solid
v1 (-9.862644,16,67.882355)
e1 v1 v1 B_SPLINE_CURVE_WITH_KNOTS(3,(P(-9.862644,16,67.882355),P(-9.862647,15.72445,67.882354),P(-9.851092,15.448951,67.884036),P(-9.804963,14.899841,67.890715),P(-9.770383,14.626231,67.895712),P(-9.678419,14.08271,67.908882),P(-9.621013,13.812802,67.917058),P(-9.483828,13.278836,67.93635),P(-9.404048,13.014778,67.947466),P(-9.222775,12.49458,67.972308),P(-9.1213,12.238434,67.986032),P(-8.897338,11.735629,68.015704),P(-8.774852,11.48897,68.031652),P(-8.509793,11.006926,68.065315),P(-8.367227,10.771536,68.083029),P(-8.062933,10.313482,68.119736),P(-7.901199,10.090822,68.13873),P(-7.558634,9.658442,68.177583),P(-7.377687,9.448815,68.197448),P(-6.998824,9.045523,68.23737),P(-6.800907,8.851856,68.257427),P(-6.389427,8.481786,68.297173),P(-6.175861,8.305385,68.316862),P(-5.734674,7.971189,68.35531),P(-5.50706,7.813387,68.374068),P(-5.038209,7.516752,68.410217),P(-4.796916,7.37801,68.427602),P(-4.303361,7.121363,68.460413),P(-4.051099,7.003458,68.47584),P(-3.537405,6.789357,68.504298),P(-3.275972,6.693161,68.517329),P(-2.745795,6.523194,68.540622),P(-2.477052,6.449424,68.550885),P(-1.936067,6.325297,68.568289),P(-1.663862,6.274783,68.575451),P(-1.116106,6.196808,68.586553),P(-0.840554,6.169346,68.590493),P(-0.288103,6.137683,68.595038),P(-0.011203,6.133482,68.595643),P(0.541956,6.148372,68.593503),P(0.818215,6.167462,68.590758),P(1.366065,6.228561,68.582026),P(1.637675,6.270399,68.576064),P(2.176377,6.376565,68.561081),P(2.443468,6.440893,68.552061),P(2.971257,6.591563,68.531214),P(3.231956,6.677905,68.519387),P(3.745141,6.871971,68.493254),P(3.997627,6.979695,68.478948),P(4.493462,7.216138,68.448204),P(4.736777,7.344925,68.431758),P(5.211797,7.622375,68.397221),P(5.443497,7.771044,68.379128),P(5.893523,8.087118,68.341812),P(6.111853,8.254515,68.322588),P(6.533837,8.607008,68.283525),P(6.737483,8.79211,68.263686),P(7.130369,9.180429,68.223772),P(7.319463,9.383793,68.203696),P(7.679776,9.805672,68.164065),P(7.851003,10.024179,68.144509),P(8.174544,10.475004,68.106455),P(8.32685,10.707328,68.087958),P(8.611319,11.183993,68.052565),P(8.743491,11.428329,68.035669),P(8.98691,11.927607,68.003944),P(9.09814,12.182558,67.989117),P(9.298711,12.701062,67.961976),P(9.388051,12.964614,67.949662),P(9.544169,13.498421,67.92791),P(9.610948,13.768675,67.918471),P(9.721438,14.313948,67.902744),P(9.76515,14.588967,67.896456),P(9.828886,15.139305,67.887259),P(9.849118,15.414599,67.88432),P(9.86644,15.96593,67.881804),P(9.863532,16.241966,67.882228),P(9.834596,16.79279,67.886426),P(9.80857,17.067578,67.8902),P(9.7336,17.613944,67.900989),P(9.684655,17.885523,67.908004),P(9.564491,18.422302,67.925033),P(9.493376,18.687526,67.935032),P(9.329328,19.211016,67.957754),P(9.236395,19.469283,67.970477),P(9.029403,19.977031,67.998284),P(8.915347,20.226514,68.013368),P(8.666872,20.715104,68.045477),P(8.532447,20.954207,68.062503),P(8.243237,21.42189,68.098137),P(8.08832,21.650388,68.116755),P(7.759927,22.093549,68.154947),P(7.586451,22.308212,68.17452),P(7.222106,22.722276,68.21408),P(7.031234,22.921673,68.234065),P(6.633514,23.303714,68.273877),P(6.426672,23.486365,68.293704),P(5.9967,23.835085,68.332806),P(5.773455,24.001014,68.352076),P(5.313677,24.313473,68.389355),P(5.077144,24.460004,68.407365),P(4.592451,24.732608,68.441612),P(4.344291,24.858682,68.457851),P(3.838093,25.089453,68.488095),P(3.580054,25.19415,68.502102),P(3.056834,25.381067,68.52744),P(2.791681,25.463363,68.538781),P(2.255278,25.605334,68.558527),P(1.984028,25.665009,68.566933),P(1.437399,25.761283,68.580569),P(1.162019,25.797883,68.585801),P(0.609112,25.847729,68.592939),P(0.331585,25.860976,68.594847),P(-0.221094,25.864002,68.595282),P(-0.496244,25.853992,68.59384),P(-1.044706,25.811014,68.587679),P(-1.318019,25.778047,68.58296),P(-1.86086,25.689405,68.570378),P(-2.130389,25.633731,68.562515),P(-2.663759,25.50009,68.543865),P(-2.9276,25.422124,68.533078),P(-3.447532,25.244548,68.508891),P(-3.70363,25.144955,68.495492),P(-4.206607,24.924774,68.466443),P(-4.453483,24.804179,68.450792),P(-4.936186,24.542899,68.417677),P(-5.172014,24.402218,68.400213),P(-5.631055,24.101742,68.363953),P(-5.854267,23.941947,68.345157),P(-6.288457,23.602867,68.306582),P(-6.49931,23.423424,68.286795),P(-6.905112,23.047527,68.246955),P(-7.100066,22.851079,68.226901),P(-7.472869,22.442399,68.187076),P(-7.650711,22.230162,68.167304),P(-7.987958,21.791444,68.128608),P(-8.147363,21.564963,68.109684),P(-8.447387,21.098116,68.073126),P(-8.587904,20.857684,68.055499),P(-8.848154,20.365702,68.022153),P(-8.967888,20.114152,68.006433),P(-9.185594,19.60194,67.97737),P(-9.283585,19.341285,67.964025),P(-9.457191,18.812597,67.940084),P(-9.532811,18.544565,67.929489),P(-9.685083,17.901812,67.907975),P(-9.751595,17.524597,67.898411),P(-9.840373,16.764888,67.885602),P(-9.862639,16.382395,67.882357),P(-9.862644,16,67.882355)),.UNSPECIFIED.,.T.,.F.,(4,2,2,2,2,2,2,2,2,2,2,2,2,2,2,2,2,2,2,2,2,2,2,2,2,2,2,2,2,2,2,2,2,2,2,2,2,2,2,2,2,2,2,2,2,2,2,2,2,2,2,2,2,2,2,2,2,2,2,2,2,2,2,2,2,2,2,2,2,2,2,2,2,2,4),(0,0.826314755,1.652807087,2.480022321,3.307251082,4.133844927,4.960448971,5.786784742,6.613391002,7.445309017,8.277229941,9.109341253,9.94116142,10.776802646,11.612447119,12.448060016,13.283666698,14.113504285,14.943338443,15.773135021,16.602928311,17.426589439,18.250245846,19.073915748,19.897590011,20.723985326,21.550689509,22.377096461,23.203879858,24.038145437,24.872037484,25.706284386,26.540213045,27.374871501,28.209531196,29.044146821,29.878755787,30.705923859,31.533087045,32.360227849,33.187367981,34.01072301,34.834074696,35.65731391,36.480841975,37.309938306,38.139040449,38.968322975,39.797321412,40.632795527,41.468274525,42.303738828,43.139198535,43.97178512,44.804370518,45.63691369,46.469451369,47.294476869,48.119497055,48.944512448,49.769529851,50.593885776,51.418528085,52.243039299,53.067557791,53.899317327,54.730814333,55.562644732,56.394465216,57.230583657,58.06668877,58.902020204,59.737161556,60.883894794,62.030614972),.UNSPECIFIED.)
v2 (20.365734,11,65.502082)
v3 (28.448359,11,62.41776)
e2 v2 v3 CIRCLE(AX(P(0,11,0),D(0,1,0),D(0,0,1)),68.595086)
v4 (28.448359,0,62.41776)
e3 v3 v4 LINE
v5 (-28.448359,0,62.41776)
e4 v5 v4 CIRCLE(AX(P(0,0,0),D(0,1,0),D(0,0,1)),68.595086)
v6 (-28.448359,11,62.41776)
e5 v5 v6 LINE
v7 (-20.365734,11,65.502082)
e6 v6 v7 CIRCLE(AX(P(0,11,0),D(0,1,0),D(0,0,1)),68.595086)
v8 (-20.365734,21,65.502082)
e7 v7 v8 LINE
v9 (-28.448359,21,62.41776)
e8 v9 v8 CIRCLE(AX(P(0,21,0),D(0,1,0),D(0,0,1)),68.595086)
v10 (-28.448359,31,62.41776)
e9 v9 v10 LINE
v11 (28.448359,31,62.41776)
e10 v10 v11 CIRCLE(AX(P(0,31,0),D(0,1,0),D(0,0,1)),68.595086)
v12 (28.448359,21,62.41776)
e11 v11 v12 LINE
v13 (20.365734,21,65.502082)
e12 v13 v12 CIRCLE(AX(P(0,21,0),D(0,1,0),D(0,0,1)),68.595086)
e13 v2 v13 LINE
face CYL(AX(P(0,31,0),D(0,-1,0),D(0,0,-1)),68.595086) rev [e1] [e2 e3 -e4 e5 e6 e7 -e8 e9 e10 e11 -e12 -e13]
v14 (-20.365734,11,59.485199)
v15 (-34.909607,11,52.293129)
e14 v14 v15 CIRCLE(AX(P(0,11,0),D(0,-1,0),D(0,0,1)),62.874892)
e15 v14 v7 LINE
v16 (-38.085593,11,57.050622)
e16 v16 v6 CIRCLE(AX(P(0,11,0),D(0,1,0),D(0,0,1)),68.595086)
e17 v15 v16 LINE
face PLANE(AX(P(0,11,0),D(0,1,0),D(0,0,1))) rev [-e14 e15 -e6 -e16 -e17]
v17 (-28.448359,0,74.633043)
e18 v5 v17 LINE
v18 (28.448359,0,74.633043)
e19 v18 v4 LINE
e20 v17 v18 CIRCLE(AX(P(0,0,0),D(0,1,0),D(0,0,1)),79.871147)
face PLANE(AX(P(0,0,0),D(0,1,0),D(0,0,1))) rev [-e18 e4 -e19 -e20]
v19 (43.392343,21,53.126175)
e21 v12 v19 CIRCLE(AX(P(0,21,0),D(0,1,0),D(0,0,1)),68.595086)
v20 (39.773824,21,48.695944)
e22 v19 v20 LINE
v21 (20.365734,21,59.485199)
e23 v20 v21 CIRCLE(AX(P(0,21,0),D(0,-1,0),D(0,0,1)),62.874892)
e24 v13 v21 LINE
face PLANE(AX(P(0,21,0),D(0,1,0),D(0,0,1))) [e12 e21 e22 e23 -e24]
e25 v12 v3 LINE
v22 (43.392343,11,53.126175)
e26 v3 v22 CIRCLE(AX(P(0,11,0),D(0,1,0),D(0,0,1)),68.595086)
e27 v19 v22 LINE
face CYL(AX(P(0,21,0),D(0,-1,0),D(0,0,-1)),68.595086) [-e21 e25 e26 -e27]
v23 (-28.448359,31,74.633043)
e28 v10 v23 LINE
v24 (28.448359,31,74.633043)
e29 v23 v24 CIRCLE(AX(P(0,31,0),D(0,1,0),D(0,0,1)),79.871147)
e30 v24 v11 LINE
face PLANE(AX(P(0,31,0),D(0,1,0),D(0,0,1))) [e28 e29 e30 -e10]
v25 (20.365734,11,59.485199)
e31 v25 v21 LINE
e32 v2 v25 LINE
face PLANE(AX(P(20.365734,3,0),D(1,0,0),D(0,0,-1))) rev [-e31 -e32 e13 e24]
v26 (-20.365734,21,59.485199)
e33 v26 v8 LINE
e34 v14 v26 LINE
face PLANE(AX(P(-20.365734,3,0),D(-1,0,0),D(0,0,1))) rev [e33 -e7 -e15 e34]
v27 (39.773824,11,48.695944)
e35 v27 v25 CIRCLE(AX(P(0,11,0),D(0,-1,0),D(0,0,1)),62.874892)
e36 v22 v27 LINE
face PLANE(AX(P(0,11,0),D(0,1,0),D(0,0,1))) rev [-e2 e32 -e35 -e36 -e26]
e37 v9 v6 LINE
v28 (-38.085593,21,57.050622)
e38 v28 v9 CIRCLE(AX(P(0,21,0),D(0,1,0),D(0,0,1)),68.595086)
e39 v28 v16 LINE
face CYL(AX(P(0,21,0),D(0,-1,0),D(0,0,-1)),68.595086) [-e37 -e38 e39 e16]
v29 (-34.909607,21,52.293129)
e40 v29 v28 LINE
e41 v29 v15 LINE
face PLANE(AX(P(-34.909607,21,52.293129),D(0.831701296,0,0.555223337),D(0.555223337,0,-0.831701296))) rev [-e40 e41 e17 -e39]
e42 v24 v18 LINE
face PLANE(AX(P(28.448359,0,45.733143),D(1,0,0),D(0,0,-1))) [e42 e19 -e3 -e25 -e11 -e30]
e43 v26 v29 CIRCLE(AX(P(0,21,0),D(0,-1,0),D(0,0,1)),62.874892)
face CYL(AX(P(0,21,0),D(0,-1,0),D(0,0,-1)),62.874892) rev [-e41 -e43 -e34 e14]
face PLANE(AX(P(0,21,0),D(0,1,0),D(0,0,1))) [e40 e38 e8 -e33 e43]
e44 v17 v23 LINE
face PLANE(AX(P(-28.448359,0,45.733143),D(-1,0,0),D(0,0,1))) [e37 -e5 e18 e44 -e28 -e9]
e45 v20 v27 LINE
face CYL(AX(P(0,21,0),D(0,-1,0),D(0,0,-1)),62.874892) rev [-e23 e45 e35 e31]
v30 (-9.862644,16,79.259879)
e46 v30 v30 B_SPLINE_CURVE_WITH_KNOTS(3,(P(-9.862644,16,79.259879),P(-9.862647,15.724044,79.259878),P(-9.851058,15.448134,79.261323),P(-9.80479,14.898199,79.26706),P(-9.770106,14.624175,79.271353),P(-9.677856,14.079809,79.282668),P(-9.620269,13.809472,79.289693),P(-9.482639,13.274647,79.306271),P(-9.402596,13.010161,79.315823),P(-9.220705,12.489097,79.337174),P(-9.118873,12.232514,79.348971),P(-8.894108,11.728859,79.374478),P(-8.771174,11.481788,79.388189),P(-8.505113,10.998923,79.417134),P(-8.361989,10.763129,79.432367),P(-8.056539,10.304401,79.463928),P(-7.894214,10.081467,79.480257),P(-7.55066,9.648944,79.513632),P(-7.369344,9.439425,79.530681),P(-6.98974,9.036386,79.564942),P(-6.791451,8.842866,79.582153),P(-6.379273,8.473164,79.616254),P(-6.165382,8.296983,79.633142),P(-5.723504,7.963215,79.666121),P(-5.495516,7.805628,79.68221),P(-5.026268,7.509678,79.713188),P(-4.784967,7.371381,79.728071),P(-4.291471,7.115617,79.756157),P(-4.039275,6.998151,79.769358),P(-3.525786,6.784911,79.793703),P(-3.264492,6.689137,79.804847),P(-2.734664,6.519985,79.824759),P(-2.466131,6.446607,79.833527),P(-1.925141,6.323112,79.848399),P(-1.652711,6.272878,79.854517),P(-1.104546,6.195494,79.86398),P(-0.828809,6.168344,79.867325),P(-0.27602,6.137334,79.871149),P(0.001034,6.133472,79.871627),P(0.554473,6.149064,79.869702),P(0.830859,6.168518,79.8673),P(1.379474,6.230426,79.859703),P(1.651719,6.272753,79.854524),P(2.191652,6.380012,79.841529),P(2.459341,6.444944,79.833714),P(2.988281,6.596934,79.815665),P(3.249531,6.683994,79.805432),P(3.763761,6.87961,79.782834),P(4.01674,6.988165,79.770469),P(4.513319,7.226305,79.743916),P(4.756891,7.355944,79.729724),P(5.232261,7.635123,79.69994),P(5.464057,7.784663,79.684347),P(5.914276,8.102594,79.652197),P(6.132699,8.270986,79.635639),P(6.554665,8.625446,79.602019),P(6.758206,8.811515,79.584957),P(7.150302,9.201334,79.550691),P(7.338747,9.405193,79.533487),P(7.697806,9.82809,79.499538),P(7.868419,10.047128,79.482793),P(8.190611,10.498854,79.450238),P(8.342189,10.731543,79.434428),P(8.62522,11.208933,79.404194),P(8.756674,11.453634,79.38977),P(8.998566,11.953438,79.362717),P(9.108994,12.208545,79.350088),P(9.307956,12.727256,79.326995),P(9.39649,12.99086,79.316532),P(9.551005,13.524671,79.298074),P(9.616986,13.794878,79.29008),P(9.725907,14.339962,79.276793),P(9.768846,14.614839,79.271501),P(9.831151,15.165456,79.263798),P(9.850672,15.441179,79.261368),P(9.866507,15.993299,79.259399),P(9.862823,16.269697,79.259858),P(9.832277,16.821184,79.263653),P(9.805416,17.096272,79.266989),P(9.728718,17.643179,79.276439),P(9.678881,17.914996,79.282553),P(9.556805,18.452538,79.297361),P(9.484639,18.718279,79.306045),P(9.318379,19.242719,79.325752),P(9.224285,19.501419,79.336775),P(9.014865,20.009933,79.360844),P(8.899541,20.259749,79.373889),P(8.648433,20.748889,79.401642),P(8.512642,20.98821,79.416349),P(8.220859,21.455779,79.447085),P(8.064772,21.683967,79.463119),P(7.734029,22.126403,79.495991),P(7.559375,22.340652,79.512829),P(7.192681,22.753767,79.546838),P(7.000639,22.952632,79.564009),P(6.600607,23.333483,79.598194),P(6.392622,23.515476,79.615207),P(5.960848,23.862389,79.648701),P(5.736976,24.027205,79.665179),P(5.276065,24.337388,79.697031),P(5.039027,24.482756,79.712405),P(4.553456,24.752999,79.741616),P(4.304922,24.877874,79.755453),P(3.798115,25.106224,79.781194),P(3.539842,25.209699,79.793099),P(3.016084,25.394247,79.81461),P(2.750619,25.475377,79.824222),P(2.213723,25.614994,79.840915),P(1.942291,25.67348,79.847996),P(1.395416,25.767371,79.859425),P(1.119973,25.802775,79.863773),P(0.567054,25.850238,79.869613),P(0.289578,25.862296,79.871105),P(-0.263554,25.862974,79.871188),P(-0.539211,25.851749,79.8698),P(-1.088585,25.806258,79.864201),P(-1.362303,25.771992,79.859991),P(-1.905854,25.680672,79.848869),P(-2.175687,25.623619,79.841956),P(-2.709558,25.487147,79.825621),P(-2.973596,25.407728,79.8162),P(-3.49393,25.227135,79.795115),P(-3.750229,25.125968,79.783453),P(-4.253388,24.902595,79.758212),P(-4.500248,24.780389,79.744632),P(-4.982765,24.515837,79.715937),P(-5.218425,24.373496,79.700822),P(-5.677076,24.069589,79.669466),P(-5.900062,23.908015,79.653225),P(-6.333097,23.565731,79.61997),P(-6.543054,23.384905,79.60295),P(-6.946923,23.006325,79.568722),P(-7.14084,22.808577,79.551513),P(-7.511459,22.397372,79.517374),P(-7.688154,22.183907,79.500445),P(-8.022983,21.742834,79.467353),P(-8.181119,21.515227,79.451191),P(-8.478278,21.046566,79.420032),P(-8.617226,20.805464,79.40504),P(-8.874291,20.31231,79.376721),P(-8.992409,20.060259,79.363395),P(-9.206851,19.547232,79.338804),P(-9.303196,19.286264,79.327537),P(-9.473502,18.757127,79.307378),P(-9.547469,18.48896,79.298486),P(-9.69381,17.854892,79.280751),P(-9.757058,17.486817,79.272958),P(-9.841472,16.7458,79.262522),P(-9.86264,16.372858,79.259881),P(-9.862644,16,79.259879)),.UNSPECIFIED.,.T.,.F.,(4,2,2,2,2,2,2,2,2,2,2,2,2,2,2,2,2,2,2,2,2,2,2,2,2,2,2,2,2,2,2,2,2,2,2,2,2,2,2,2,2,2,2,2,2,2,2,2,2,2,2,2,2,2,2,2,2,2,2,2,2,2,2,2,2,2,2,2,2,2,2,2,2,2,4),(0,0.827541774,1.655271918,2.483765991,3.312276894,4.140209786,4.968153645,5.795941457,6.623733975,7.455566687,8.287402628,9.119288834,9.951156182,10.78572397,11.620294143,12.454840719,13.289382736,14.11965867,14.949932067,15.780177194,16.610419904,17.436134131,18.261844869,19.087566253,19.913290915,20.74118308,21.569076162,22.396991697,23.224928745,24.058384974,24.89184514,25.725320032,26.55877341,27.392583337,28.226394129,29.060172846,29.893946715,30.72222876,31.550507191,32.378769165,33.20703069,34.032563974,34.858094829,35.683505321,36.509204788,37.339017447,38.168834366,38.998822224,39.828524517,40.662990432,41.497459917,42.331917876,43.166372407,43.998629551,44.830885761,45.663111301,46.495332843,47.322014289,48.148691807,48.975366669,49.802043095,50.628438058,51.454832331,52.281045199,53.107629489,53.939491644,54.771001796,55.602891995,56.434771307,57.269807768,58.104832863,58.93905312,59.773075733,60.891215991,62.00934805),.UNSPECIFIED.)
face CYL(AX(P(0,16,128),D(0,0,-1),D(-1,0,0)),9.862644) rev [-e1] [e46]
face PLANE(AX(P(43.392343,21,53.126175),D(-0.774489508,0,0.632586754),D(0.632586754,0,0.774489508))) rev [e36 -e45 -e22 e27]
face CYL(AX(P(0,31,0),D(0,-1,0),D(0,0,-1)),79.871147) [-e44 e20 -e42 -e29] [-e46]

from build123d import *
from build123d.topology import SkipClean

# Parameters (mm, degrees)
SKETCH1_R           = 79.871147442
SKETCH1_R_2         = 68.595086453
BOSS_EXTRUDE1_DEPTH = 31
SKETCH2_W           = 233.196890583
SKETCH2_H           = 222.59703192
SKETCH2_W_2         = 56.896718534
SKETCH2_H_2         = 45.723887068
CUT_EXTRUDE1_DEPTH  = 31
BOSS_EXTRUDE2_DEPTH = 5
CUT_EXTRUDE3_DEPTH  = 18
SKETCH6_R           = 9.86264383
CUT_EXTRUDE4_DEPTH  = 128


with BuildPart() as part:
    # Sketch1 → Boss-Extrude1 (new body)
    with BuildSketch(Plane(origin=(0, 0, 0), x_dir=(1, 0, 0), z_dir=(0, 1, 0))):
        with Locations(Location((0, 0, 0), (0, 0, 270))):
            Circle(SKETCH1_R)
        with Locations(Location((0, 0, 0), (0, 0, 270))):
            Circle(SKETCH1_R_2, mode=Mode.SUBTRACT)
    extrude(amount=BOSS_EXTRUDE1_DEPTH)

    # Sketch2 → Cut-Extrude1 (cut)
    with BuildSketch(Plane(origin=(0, 31, 0), x_dir=(1, 0, 0), z_dir=(0, 1, 0))):
        with Locations((-10.138995242, -14.747629444)):
            Rectangle(SKETCH2_W, SKETCH2_H)
        with Locations((0, -68.595086453)):
            Rectangle(SKETCH2_W_2, SKETCH2_H_2, mode=Mode.SUBTRACT)
    extrude(amount=-CUT_EXTRUDE1_DEPTH, mode=Mode.SUBTRACT)

    # Sketch4 → Boss-Extrude2 (add, symmetric)
    with BuildSketch(Plane(origin=(0, 16, 0), x_dir=(1, 0, 0), z_dir=(0, 1, 0))):
        with BuildLine():
            Line((43.392343097, -53.126174774), (39.773823752, -48.69594406))
            ThreePointArc((39.773823752, -48.69594406), (3.024910809, -62.802085461), (-34.909607277, -52.293129027))
            Line((-34.909607277, -52.293129027), (-38.085592821, -57.050622301))
            ThreePointArc((-38.085592821, -57.050622301), (3.30010935, -68.51565634), (43.392343097, -53.126174774))
        make_face()
    extrude(amount=BOSS_EXTRUDE2_DEPTH, both=True)

    # Sketch5 → Cut-Extrude3 (cut)
    with SkipClean():  # the faces are left unmerged after this step: merging them gives an invalid solid
        with BuildSketch(Plane(origin=(0, 21, 0), x_dir=(1, 0, 0), z_dir=(0, 1, 0))):
            with BuildLine():
                ThreePointArc((-20.365734208, -65.502082071), (0, -68.595086453), (20.365734208, -65.502082071))
                Line((20.365734208, -65.502082071), (20.365734208, -59.485198948))
                ThreePointArc((20.365734208, -59.485198948), (0, -62.874891839), (-20.365734208, -59.485198948))
                Line((-20.365734208, -59.485198948), (-20.365734208, -65.502082071))
            make_face()
        extrude(amount=-CUT_EXTRUDE3_DEPTH, mode=Mode.SUBTRACT)

    # Sketch6 → Cut-Extrude4 (cut)
    with SkipClean():  # the faces are left unmerged after this step: merging them gives an invalid solid
        with BuildSketch(Plane.XY):
            with Locations(Location((0, 16, 0), (0, 0, 180))):
                Circle(SKETCH6_R)
        extrude(amount=CUT_EXTRUDE4_DEPTH, mode=Mode.SUBTRACT)


solid = part.part
